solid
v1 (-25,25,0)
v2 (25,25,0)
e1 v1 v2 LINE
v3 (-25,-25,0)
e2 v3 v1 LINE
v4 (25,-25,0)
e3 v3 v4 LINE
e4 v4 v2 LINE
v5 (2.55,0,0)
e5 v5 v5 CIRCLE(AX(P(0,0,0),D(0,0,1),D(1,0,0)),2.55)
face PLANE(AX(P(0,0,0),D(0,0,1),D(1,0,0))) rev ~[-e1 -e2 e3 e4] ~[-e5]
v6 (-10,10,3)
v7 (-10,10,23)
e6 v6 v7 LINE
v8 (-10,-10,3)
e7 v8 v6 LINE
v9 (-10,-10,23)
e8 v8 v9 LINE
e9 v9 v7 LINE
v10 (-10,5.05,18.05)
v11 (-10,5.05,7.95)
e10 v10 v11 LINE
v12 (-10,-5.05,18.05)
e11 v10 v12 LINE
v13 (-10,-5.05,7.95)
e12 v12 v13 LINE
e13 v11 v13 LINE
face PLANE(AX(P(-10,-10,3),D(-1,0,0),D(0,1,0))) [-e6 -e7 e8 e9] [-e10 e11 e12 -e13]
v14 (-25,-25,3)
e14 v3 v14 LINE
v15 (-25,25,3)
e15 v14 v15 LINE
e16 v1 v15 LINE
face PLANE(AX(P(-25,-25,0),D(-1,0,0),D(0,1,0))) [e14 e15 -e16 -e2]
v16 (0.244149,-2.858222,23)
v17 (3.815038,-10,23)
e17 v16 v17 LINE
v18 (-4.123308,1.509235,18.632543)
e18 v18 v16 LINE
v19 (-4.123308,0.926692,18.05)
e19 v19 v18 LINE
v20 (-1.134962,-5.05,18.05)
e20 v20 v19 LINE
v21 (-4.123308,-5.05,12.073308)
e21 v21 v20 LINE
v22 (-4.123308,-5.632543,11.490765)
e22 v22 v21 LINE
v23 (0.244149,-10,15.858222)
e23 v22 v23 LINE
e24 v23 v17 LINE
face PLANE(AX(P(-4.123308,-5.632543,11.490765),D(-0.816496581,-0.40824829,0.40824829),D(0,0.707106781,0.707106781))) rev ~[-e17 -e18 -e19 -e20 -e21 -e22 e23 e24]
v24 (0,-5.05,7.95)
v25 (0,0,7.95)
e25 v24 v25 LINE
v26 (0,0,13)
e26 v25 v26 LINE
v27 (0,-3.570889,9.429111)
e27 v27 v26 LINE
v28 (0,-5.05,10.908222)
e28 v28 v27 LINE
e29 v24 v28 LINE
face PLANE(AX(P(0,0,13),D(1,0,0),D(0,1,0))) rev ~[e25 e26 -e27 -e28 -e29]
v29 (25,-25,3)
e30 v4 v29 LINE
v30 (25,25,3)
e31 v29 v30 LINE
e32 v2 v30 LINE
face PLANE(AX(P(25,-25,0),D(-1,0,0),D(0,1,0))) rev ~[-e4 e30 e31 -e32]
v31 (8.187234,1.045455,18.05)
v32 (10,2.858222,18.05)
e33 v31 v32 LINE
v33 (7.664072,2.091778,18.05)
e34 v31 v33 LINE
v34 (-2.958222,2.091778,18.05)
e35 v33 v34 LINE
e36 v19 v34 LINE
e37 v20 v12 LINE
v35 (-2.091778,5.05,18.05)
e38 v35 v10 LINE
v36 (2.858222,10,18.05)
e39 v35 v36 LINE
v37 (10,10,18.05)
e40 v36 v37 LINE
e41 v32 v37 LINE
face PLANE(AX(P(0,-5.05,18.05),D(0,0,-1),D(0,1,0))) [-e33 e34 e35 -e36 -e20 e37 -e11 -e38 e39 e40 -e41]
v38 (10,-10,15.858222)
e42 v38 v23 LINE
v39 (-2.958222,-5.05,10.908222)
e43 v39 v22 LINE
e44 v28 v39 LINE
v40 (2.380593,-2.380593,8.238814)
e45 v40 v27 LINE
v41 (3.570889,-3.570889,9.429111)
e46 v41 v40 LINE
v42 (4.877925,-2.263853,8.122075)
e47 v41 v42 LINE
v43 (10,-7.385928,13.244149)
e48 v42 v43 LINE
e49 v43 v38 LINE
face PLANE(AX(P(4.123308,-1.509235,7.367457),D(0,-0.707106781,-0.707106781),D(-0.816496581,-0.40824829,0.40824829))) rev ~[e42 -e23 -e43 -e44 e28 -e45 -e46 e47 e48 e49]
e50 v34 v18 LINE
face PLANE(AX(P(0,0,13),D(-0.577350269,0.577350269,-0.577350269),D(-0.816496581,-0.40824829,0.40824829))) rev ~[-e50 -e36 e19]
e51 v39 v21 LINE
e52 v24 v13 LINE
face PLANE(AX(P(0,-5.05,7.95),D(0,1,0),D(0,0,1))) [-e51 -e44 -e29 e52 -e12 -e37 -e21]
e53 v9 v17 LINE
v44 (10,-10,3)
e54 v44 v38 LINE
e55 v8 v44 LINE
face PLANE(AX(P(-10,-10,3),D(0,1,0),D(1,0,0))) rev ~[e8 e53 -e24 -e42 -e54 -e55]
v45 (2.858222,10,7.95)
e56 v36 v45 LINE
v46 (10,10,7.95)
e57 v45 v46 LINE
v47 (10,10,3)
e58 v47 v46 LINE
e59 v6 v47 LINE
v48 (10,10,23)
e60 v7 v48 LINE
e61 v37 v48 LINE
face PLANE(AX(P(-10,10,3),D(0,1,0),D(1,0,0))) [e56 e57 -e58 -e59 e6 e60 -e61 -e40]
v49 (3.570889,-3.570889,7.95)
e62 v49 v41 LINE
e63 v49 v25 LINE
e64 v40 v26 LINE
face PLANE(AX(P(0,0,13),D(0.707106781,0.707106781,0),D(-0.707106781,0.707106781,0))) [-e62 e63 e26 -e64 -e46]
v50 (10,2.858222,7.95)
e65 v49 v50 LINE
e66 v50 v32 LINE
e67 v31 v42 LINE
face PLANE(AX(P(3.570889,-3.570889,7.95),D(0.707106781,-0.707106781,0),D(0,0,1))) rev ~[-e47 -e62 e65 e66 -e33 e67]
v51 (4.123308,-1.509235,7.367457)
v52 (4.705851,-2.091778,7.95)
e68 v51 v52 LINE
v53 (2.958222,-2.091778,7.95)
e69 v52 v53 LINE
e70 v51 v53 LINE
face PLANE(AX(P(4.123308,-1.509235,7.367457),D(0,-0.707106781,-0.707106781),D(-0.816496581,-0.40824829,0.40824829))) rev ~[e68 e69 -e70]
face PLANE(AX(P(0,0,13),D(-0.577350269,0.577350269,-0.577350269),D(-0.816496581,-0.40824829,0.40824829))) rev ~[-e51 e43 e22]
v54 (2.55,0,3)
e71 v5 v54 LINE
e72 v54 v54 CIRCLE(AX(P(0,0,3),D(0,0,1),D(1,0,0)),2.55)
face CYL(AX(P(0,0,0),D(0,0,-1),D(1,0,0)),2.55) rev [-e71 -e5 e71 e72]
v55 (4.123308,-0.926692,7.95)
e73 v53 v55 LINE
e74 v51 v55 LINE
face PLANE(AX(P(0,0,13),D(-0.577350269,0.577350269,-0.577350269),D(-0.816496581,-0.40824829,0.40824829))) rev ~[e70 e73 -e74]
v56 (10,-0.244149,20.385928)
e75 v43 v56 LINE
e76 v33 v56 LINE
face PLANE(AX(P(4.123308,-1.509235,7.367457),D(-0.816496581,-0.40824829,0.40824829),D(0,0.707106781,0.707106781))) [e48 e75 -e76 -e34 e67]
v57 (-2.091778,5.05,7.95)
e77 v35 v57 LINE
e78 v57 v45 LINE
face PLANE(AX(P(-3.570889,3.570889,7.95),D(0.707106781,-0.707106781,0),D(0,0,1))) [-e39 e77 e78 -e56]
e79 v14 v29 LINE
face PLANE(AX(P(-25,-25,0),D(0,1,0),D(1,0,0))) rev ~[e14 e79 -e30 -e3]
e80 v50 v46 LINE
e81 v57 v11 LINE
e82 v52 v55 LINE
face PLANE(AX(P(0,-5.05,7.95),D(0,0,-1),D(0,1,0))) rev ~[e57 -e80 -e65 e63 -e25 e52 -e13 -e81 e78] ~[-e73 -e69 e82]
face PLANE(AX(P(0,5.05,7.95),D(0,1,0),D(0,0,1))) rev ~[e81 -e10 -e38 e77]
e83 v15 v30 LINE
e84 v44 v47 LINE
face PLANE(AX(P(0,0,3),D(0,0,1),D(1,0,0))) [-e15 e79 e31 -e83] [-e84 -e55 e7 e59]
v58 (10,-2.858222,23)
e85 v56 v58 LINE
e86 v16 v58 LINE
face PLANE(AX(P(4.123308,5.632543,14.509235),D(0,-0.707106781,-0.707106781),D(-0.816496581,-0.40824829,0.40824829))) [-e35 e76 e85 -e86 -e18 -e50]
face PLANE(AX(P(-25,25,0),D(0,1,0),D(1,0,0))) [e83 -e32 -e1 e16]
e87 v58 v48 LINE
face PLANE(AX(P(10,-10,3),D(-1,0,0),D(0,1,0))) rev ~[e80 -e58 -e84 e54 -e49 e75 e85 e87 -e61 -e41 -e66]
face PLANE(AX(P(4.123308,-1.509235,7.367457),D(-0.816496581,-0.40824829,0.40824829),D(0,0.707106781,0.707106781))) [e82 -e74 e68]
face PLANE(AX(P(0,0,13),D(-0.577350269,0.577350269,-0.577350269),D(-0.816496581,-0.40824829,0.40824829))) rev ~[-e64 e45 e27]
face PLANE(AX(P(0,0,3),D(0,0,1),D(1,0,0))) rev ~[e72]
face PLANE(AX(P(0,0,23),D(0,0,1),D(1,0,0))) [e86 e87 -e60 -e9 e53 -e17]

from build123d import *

# Parameters (mm, degrees)
F0_W      = 50
F0_H      = 50
F0_R      = 2.55
F1_DEPTH  = 3
F2_W      = 20
F2_H      = 20
F3_DEPTH  = 20
F4_W      = 10.1
F4_H      = 10.1
F5_DEPTH  = 25
F7_W      = 10.1
F7_H      = 10.1
F8_DEPTH  = 25
F15_W     = 10.1
F15_H     = 10.1
F16_DEPTH = 25


with BuildPart() as f1:
    # F0 (on Top) → F1 (new body)
    with BuildSketch(Plane.XY):
        Rectangle(F0_W, F0_H)
        Circle(F0_R, mode=Mode.SUBTRACT)
    extrude(amount=F1_DEPTH)

    # F2 (on face) → F3 (join)
    with BuildSketch(Plane.XY.offset(3)):
        Rectangle(F2_W, F2_H)
    extrude(amount=F3_DEPTH)

    # F4 (on Right) → F5 (cut)
    with BuildSketch(Plane.YZ):
        with Locations((0, 13)):
            Rectangle(F4_W, F4_H)
    extrude(amount=-F5_DEPTH, mode=Mode.SUBTRACT)

    # F7 (on 3pt) → F8 (cut)
    with BuildSketch(Plane(origin=(0, 0, 0), x_dir=(-0.7071067812, 0.7071067812, 0), z_dir=(0.7071067812, 0.7071067812, 0))):
        with Locations((0, 13)):
            Rectangle(F7_W, F7_H)
    extrude(amount=F8_DEPTH, mode=Mode.SUBTRACT)

    # F15 (on line) → F16 (cut)
    with BuildSketch(Plane(origin=(4.3333333333, -4.3333333333, 4.3333333333), x_dir=(-0.8164965809, -0.4082482905, 0.4082482905), z_dir=(-0.5773502692, 0.5773502692, -0.5773502692))):
        with Locations((5.307227776, 9.1923881554)):
            Rectangle(F15_W, F15_H)
    extrude(amount=-F16_DEPTH, mode=Mode.SUBTRACT)


solid = f1.part
